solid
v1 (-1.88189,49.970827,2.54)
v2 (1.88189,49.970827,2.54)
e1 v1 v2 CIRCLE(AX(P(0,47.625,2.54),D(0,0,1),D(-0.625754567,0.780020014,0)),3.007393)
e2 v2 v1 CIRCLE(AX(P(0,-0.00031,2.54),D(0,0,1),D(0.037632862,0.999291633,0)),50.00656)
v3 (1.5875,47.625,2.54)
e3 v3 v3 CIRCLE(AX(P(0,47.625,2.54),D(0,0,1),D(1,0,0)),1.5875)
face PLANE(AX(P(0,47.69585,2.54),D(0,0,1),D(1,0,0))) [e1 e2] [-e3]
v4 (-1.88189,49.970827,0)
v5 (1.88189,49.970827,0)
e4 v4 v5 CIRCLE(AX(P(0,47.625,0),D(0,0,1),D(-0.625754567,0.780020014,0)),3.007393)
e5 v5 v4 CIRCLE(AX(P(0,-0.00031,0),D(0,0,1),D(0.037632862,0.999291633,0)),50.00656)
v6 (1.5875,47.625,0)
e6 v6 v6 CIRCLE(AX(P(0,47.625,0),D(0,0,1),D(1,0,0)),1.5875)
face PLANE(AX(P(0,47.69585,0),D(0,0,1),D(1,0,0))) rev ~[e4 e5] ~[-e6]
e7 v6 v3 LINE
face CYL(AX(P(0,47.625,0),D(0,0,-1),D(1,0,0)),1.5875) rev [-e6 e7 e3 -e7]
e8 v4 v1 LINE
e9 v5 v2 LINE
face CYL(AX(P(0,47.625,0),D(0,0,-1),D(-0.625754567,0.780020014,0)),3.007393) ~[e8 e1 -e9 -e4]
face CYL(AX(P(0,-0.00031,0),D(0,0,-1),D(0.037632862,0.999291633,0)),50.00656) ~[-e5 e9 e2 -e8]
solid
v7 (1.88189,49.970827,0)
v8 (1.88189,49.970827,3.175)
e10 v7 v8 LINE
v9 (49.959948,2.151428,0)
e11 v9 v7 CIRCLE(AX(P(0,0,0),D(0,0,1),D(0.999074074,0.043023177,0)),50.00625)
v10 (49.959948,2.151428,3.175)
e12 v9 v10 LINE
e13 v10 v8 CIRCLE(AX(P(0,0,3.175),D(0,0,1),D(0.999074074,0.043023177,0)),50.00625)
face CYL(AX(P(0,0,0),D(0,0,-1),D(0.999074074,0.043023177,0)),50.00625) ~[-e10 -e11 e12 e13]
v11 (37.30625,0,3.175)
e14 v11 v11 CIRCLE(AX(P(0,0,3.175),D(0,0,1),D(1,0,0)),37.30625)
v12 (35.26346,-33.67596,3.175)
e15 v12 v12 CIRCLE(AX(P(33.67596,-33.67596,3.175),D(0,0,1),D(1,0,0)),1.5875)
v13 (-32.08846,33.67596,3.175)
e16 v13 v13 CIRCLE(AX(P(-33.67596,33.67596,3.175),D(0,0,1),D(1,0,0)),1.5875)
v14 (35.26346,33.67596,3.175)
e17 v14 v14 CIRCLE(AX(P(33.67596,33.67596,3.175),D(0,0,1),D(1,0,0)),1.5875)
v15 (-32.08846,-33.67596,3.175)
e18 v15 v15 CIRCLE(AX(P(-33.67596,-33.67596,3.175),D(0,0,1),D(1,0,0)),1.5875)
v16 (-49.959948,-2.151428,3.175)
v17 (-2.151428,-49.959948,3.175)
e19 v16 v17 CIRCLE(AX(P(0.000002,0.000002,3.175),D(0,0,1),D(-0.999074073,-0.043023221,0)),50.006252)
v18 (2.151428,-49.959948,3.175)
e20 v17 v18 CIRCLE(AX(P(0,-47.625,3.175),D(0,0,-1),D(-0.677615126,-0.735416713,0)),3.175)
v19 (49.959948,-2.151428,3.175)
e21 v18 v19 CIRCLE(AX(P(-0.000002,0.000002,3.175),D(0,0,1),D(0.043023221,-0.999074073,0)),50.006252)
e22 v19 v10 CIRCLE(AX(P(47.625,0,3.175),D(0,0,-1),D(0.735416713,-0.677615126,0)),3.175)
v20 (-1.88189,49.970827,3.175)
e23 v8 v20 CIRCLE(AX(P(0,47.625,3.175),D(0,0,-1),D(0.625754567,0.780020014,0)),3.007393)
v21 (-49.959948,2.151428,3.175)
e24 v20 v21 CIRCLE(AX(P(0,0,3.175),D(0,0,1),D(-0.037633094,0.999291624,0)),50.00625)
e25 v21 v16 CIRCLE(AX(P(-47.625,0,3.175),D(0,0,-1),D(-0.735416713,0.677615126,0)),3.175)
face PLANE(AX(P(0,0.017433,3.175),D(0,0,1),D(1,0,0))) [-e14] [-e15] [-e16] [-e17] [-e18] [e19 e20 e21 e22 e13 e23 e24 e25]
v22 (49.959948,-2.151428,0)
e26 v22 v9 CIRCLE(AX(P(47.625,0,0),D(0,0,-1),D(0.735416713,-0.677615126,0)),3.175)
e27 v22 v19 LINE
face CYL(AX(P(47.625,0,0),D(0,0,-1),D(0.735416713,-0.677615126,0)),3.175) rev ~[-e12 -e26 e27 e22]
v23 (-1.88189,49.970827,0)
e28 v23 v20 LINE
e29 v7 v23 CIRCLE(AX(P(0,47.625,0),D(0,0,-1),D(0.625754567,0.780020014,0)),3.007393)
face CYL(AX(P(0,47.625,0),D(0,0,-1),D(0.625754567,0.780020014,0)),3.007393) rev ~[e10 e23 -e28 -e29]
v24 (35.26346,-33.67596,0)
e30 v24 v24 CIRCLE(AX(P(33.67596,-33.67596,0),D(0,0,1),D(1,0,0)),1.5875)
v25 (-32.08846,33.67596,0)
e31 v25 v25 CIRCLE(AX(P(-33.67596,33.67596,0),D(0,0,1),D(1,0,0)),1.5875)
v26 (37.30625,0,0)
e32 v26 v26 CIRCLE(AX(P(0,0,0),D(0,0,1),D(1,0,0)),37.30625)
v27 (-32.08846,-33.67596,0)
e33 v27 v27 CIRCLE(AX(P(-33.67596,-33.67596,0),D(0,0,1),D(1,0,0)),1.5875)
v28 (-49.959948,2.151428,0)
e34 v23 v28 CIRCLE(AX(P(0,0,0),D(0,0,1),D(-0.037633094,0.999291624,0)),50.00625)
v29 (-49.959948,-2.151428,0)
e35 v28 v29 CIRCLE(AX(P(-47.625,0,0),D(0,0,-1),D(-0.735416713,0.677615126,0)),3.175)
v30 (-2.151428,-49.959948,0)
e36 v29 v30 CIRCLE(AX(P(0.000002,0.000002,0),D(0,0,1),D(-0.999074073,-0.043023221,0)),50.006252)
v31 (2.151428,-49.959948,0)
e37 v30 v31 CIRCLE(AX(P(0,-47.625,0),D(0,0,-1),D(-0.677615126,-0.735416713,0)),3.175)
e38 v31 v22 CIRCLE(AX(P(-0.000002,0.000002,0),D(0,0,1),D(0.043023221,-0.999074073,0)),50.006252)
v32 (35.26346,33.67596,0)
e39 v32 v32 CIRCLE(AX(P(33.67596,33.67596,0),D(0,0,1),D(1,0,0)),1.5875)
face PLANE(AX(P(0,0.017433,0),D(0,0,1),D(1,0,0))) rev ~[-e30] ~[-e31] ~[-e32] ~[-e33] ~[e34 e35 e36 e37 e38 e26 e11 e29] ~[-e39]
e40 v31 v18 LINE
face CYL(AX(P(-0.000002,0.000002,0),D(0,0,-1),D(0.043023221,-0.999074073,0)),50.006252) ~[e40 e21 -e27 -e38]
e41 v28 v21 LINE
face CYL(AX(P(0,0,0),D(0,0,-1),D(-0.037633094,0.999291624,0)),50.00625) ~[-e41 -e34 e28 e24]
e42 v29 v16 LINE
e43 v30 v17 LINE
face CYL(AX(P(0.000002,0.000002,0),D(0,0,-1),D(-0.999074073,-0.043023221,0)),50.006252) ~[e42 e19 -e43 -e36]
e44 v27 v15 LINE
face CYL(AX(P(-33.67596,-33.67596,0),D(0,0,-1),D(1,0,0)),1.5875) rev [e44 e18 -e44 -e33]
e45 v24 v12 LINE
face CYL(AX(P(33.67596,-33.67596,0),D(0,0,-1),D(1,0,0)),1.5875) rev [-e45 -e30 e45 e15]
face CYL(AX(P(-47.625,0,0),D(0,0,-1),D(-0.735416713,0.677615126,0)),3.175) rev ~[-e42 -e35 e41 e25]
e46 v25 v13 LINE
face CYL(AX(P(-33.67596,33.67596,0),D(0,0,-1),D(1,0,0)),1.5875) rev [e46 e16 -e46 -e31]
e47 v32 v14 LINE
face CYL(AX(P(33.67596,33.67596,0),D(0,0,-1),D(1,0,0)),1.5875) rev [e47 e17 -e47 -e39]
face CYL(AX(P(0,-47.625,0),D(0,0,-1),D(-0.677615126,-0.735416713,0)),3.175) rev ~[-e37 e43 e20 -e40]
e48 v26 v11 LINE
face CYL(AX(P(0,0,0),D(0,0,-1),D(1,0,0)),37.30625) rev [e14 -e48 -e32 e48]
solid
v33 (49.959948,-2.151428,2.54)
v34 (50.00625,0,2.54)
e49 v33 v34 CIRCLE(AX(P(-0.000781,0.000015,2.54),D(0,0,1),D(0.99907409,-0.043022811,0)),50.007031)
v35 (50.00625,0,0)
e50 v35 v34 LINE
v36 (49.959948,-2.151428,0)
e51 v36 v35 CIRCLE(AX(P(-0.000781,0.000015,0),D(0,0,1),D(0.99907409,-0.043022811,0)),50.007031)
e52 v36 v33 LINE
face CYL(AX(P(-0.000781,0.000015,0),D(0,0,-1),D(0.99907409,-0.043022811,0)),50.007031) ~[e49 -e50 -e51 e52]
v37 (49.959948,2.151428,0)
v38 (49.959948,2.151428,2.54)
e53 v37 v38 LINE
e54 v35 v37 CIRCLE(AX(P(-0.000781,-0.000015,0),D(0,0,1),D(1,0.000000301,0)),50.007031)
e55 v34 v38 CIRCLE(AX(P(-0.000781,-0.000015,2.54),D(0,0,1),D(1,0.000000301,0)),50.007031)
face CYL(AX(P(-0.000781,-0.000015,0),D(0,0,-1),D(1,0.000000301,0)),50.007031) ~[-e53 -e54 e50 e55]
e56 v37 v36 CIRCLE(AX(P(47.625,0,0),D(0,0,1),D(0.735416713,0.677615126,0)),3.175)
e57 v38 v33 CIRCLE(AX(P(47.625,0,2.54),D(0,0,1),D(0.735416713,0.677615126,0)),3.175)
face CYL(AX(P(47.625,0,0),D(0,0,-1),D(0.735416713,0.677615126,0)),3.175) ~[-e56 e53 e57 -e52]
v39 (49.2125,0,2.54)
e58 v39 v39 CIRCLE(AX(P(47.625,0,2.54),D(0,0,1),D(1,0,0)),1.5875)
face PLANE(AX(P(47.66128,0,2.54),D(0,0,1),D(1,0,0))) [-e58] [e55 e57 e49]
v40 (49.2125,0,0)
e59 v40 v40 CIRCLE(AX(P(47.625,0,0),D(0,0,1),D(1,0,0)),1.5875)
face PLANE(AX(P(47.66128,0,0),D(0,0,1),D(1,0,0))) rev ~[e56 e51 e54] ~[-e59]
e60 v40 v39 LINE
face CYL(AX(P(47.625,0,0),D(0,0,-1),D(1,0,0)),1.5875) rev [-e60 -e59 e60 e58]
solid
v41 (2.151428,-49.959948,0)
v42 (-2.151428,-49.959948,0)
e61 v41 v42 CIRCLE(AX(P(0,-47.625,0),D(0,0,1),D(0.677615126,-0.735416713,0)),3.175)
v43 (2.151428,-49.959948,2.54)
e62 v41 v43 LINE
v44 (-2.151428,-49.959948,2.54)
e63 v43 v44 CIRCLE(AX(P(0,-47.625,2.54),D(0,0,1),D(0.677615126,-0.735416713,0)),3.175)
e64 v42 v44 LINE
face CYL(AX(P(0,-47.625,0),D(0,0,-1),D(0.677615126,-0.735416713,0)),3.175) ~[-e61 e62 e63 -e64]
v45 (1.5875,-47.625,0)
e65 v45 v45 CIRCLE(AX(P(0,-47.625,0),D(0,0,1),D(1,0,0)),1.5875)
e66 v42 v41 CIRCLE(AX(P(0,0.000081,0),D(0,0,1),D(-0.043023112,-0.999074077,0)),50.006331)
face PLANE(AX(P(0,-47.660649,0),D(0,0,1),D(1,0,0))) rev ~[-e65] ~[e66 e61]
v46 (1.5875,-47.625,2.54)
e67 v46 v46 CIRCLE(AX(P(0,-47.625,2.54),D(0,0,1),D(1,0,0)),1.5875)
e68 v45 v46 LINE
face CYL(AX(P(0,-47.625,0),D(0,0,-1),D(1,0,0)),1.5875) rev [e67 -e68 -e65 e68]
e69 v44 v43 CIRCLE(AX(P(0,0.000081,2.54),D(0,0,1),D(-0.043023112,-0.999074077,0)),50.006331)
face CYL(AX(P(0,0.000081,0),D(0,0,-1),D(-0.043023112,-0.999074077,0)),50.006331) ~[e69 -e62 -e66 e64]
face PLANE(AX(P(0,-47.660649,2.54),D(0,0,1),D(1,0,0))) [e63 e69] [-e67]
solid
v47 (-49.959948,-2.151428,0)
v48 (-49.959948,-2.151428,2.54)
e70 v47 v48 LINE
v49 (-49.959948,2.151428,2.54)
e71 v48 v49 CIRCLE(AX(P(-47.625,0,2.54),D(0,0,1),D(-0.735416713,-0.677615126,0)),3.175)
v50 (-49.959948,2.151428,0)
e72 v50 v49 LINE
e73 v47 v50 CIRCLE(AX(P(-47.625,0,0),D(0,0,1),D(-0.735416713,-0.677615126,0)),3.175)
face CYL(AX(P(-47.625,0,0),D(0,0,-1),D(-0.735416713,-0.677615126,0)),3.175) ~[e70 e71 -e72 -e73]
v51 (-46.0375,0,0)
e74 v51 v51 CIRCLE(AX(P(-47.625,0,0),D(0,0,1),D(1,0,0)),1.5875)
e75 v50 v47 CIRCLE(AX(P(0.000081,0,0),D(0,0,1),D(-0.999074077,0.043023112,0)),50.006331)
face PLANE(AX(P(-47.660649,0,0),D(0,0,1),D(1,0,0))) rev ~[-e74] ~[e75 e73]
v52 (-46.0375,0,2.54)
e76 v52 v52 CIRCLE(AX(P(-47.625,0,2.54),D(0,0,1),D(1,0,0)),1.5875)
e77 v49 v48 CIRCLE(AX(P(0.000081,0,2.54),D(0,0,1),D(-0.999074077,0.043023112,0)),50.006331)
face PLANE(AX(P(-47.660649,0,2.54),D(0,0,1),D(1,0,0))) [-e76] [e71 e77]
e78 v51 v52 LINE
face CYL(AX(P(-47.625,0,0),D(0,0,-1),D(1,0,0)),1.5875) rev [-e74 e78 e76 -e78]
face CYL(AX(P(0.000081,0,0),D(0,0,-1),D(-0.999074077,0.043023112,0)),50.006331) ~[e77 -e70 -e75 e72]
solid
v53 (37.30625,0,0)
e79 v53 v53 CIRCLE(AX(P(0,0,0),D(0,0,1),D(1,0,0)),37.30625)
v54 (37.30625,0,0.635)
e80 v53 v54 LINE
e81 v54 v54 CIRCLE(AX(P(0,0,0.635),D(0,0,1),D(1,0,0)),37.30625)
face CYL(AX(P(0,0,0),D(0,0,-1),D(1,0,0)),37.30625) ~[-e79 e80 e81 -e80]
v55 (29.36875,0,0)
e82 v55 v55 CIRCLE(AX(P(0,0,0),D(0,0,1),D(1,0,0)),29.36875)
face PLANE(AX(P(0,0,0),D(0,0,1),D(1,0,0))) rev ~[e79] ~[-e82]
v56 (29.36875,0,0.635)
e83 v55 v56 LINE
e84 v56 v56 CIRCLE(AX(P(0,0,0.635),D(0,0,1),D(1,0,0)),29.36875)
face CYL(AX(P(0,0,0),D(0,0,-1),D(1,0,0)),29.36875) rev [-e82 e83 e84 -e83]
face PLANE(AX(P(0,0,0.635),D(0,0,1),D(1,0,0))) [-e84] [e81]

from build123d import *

# Parameters (mm, degrees)
F0_R     = 1.5875
F1_DEPTH = 2.54
F0_R_2   = 37.30625
F0_R_3   = 29.36875
F2_DEPTH = 0.635
F3_DEPTH = 3.175


with BuildPart() as f1:
    # F0 (on Top) → F1 (new body)
    with BuildSketch(Plane.XY):
        with BuildLine():
            ThreePointArc((-1.88189, 49.970827), (0, 44.617607), (1.88189, 49.970827))
            ThreePointArc((1.88189, 49.970827), (0, 50.00625), (-1.88189, 49.970827))
        make_face()
        with Locations((0, 47.625)):
            Circle(F0_R, mode=Mode.SUBTRACT)
        with BuildLine():
            ThreePointArc((-49.959948, -2.151428), (-44.45, 0), (-49.959948, 2.151428))
            ThreePointArc((-49.959948, 2.151428), (-50.00625, 0), (-49.959948, -2.151428))
        make_face()
        with Locations((-47.625, 0)):
            Circle(F0_R, mode=Mode.SUBTRACT)
        with BuildLine():
            ThreePointArc((-2.151428, -49.959948), (0, -50.00625), (2.151428, -49.959948))
            ThreePointArc((2.151428, -49.959948), (0, -44.45), (-2.151428, -49.959948))
        make_face()
        with Locations((0, -47.625)):
            Circle(F0_R, mode=Mode.SUBTRACT)
        with BuildLine():
            ThreePointArc((49.959948, -2.151428), (49.994673, -1.075963), (50.00625, 0))
            ThreePointArc((50.00625, 0), (49.994673, 1.075963), (49.959948, 2.151428))
            ThreePointArc((49.959948, 2.151428), (44.45, 0), (49.959948, -2.151428))
        make_face()
        with Locations((47.625, 0)):
            Circle(F0_R, mode=Mode.SUBTRACT)
    extrude(amount=F1_DEPTH)


with BuildPart() as f2:
    # F0 (on Top) → F2 (new body)
    with BuildSketch(Plane.XY):
        Circle(F0_R_2)
        Circle(F0_R_3, mode=Mode.SUBTRACT)
    extrude(amount=F2_DEPTH)


with BuildPart() as f3:
    # F0 (on Top) → F3 (new body)
    with BuildSketch(Plane.XY):
        with BuildLine():
            ThreePointArc((49.959948, -2.151428), (44.45, 0), (49.959948, 2.151428))
            ThreePointArc((49.959948, 2.151428), (35.264256, 35.455004), (1.88189, 49.970827))
            ThreePointArc((1.88189, 49.970827), (0, 44.617607), (-1.88189, 49.970827))
            ThreePointArc((-1.88189, 49.970827), (-35.264256, 35.455004), (-49.959948, 2.151428))
            ThreePointArc((-49.959948, 2.151428), (-44.45, 0), (-49.959948, -2.151428))
            ThreePointArc((-49.959948, -2.151428), (-35.359758, -35.359758), (-2.151428, -49.959948))
            ThreePointArc((-2.151428, -49.959948), (0, -44.45), (2.151428, -49.959948))
            ThreePointArc((2.151428, -49.959948), (35.359758, -35.359758), (49.959948, -2.151428))
        make_face()
        with Locations((-33.67596, -33.67596)):
            Circle(F0_R, mode=Mode.SUBTRACT)
        Circle(F0_R_2, mode=Mode.SUBTRACT)
        with Locations((33.67596, -33.67596)):
            Circle(F0_R, mode=Mode.SUBTRACT)
        with Locations((-33.67596, 33.67596)):
            Circle(F0_R, mode=Mode.SUBTRACT)
        with Locations((33.67596, 33.67596)):
            Circle(F0_R, mode=Mode.SUBTRACT)
    extrude(amount=F3_DEPTH)


solid = Compound([f1.part, f2.part, f3.part])
